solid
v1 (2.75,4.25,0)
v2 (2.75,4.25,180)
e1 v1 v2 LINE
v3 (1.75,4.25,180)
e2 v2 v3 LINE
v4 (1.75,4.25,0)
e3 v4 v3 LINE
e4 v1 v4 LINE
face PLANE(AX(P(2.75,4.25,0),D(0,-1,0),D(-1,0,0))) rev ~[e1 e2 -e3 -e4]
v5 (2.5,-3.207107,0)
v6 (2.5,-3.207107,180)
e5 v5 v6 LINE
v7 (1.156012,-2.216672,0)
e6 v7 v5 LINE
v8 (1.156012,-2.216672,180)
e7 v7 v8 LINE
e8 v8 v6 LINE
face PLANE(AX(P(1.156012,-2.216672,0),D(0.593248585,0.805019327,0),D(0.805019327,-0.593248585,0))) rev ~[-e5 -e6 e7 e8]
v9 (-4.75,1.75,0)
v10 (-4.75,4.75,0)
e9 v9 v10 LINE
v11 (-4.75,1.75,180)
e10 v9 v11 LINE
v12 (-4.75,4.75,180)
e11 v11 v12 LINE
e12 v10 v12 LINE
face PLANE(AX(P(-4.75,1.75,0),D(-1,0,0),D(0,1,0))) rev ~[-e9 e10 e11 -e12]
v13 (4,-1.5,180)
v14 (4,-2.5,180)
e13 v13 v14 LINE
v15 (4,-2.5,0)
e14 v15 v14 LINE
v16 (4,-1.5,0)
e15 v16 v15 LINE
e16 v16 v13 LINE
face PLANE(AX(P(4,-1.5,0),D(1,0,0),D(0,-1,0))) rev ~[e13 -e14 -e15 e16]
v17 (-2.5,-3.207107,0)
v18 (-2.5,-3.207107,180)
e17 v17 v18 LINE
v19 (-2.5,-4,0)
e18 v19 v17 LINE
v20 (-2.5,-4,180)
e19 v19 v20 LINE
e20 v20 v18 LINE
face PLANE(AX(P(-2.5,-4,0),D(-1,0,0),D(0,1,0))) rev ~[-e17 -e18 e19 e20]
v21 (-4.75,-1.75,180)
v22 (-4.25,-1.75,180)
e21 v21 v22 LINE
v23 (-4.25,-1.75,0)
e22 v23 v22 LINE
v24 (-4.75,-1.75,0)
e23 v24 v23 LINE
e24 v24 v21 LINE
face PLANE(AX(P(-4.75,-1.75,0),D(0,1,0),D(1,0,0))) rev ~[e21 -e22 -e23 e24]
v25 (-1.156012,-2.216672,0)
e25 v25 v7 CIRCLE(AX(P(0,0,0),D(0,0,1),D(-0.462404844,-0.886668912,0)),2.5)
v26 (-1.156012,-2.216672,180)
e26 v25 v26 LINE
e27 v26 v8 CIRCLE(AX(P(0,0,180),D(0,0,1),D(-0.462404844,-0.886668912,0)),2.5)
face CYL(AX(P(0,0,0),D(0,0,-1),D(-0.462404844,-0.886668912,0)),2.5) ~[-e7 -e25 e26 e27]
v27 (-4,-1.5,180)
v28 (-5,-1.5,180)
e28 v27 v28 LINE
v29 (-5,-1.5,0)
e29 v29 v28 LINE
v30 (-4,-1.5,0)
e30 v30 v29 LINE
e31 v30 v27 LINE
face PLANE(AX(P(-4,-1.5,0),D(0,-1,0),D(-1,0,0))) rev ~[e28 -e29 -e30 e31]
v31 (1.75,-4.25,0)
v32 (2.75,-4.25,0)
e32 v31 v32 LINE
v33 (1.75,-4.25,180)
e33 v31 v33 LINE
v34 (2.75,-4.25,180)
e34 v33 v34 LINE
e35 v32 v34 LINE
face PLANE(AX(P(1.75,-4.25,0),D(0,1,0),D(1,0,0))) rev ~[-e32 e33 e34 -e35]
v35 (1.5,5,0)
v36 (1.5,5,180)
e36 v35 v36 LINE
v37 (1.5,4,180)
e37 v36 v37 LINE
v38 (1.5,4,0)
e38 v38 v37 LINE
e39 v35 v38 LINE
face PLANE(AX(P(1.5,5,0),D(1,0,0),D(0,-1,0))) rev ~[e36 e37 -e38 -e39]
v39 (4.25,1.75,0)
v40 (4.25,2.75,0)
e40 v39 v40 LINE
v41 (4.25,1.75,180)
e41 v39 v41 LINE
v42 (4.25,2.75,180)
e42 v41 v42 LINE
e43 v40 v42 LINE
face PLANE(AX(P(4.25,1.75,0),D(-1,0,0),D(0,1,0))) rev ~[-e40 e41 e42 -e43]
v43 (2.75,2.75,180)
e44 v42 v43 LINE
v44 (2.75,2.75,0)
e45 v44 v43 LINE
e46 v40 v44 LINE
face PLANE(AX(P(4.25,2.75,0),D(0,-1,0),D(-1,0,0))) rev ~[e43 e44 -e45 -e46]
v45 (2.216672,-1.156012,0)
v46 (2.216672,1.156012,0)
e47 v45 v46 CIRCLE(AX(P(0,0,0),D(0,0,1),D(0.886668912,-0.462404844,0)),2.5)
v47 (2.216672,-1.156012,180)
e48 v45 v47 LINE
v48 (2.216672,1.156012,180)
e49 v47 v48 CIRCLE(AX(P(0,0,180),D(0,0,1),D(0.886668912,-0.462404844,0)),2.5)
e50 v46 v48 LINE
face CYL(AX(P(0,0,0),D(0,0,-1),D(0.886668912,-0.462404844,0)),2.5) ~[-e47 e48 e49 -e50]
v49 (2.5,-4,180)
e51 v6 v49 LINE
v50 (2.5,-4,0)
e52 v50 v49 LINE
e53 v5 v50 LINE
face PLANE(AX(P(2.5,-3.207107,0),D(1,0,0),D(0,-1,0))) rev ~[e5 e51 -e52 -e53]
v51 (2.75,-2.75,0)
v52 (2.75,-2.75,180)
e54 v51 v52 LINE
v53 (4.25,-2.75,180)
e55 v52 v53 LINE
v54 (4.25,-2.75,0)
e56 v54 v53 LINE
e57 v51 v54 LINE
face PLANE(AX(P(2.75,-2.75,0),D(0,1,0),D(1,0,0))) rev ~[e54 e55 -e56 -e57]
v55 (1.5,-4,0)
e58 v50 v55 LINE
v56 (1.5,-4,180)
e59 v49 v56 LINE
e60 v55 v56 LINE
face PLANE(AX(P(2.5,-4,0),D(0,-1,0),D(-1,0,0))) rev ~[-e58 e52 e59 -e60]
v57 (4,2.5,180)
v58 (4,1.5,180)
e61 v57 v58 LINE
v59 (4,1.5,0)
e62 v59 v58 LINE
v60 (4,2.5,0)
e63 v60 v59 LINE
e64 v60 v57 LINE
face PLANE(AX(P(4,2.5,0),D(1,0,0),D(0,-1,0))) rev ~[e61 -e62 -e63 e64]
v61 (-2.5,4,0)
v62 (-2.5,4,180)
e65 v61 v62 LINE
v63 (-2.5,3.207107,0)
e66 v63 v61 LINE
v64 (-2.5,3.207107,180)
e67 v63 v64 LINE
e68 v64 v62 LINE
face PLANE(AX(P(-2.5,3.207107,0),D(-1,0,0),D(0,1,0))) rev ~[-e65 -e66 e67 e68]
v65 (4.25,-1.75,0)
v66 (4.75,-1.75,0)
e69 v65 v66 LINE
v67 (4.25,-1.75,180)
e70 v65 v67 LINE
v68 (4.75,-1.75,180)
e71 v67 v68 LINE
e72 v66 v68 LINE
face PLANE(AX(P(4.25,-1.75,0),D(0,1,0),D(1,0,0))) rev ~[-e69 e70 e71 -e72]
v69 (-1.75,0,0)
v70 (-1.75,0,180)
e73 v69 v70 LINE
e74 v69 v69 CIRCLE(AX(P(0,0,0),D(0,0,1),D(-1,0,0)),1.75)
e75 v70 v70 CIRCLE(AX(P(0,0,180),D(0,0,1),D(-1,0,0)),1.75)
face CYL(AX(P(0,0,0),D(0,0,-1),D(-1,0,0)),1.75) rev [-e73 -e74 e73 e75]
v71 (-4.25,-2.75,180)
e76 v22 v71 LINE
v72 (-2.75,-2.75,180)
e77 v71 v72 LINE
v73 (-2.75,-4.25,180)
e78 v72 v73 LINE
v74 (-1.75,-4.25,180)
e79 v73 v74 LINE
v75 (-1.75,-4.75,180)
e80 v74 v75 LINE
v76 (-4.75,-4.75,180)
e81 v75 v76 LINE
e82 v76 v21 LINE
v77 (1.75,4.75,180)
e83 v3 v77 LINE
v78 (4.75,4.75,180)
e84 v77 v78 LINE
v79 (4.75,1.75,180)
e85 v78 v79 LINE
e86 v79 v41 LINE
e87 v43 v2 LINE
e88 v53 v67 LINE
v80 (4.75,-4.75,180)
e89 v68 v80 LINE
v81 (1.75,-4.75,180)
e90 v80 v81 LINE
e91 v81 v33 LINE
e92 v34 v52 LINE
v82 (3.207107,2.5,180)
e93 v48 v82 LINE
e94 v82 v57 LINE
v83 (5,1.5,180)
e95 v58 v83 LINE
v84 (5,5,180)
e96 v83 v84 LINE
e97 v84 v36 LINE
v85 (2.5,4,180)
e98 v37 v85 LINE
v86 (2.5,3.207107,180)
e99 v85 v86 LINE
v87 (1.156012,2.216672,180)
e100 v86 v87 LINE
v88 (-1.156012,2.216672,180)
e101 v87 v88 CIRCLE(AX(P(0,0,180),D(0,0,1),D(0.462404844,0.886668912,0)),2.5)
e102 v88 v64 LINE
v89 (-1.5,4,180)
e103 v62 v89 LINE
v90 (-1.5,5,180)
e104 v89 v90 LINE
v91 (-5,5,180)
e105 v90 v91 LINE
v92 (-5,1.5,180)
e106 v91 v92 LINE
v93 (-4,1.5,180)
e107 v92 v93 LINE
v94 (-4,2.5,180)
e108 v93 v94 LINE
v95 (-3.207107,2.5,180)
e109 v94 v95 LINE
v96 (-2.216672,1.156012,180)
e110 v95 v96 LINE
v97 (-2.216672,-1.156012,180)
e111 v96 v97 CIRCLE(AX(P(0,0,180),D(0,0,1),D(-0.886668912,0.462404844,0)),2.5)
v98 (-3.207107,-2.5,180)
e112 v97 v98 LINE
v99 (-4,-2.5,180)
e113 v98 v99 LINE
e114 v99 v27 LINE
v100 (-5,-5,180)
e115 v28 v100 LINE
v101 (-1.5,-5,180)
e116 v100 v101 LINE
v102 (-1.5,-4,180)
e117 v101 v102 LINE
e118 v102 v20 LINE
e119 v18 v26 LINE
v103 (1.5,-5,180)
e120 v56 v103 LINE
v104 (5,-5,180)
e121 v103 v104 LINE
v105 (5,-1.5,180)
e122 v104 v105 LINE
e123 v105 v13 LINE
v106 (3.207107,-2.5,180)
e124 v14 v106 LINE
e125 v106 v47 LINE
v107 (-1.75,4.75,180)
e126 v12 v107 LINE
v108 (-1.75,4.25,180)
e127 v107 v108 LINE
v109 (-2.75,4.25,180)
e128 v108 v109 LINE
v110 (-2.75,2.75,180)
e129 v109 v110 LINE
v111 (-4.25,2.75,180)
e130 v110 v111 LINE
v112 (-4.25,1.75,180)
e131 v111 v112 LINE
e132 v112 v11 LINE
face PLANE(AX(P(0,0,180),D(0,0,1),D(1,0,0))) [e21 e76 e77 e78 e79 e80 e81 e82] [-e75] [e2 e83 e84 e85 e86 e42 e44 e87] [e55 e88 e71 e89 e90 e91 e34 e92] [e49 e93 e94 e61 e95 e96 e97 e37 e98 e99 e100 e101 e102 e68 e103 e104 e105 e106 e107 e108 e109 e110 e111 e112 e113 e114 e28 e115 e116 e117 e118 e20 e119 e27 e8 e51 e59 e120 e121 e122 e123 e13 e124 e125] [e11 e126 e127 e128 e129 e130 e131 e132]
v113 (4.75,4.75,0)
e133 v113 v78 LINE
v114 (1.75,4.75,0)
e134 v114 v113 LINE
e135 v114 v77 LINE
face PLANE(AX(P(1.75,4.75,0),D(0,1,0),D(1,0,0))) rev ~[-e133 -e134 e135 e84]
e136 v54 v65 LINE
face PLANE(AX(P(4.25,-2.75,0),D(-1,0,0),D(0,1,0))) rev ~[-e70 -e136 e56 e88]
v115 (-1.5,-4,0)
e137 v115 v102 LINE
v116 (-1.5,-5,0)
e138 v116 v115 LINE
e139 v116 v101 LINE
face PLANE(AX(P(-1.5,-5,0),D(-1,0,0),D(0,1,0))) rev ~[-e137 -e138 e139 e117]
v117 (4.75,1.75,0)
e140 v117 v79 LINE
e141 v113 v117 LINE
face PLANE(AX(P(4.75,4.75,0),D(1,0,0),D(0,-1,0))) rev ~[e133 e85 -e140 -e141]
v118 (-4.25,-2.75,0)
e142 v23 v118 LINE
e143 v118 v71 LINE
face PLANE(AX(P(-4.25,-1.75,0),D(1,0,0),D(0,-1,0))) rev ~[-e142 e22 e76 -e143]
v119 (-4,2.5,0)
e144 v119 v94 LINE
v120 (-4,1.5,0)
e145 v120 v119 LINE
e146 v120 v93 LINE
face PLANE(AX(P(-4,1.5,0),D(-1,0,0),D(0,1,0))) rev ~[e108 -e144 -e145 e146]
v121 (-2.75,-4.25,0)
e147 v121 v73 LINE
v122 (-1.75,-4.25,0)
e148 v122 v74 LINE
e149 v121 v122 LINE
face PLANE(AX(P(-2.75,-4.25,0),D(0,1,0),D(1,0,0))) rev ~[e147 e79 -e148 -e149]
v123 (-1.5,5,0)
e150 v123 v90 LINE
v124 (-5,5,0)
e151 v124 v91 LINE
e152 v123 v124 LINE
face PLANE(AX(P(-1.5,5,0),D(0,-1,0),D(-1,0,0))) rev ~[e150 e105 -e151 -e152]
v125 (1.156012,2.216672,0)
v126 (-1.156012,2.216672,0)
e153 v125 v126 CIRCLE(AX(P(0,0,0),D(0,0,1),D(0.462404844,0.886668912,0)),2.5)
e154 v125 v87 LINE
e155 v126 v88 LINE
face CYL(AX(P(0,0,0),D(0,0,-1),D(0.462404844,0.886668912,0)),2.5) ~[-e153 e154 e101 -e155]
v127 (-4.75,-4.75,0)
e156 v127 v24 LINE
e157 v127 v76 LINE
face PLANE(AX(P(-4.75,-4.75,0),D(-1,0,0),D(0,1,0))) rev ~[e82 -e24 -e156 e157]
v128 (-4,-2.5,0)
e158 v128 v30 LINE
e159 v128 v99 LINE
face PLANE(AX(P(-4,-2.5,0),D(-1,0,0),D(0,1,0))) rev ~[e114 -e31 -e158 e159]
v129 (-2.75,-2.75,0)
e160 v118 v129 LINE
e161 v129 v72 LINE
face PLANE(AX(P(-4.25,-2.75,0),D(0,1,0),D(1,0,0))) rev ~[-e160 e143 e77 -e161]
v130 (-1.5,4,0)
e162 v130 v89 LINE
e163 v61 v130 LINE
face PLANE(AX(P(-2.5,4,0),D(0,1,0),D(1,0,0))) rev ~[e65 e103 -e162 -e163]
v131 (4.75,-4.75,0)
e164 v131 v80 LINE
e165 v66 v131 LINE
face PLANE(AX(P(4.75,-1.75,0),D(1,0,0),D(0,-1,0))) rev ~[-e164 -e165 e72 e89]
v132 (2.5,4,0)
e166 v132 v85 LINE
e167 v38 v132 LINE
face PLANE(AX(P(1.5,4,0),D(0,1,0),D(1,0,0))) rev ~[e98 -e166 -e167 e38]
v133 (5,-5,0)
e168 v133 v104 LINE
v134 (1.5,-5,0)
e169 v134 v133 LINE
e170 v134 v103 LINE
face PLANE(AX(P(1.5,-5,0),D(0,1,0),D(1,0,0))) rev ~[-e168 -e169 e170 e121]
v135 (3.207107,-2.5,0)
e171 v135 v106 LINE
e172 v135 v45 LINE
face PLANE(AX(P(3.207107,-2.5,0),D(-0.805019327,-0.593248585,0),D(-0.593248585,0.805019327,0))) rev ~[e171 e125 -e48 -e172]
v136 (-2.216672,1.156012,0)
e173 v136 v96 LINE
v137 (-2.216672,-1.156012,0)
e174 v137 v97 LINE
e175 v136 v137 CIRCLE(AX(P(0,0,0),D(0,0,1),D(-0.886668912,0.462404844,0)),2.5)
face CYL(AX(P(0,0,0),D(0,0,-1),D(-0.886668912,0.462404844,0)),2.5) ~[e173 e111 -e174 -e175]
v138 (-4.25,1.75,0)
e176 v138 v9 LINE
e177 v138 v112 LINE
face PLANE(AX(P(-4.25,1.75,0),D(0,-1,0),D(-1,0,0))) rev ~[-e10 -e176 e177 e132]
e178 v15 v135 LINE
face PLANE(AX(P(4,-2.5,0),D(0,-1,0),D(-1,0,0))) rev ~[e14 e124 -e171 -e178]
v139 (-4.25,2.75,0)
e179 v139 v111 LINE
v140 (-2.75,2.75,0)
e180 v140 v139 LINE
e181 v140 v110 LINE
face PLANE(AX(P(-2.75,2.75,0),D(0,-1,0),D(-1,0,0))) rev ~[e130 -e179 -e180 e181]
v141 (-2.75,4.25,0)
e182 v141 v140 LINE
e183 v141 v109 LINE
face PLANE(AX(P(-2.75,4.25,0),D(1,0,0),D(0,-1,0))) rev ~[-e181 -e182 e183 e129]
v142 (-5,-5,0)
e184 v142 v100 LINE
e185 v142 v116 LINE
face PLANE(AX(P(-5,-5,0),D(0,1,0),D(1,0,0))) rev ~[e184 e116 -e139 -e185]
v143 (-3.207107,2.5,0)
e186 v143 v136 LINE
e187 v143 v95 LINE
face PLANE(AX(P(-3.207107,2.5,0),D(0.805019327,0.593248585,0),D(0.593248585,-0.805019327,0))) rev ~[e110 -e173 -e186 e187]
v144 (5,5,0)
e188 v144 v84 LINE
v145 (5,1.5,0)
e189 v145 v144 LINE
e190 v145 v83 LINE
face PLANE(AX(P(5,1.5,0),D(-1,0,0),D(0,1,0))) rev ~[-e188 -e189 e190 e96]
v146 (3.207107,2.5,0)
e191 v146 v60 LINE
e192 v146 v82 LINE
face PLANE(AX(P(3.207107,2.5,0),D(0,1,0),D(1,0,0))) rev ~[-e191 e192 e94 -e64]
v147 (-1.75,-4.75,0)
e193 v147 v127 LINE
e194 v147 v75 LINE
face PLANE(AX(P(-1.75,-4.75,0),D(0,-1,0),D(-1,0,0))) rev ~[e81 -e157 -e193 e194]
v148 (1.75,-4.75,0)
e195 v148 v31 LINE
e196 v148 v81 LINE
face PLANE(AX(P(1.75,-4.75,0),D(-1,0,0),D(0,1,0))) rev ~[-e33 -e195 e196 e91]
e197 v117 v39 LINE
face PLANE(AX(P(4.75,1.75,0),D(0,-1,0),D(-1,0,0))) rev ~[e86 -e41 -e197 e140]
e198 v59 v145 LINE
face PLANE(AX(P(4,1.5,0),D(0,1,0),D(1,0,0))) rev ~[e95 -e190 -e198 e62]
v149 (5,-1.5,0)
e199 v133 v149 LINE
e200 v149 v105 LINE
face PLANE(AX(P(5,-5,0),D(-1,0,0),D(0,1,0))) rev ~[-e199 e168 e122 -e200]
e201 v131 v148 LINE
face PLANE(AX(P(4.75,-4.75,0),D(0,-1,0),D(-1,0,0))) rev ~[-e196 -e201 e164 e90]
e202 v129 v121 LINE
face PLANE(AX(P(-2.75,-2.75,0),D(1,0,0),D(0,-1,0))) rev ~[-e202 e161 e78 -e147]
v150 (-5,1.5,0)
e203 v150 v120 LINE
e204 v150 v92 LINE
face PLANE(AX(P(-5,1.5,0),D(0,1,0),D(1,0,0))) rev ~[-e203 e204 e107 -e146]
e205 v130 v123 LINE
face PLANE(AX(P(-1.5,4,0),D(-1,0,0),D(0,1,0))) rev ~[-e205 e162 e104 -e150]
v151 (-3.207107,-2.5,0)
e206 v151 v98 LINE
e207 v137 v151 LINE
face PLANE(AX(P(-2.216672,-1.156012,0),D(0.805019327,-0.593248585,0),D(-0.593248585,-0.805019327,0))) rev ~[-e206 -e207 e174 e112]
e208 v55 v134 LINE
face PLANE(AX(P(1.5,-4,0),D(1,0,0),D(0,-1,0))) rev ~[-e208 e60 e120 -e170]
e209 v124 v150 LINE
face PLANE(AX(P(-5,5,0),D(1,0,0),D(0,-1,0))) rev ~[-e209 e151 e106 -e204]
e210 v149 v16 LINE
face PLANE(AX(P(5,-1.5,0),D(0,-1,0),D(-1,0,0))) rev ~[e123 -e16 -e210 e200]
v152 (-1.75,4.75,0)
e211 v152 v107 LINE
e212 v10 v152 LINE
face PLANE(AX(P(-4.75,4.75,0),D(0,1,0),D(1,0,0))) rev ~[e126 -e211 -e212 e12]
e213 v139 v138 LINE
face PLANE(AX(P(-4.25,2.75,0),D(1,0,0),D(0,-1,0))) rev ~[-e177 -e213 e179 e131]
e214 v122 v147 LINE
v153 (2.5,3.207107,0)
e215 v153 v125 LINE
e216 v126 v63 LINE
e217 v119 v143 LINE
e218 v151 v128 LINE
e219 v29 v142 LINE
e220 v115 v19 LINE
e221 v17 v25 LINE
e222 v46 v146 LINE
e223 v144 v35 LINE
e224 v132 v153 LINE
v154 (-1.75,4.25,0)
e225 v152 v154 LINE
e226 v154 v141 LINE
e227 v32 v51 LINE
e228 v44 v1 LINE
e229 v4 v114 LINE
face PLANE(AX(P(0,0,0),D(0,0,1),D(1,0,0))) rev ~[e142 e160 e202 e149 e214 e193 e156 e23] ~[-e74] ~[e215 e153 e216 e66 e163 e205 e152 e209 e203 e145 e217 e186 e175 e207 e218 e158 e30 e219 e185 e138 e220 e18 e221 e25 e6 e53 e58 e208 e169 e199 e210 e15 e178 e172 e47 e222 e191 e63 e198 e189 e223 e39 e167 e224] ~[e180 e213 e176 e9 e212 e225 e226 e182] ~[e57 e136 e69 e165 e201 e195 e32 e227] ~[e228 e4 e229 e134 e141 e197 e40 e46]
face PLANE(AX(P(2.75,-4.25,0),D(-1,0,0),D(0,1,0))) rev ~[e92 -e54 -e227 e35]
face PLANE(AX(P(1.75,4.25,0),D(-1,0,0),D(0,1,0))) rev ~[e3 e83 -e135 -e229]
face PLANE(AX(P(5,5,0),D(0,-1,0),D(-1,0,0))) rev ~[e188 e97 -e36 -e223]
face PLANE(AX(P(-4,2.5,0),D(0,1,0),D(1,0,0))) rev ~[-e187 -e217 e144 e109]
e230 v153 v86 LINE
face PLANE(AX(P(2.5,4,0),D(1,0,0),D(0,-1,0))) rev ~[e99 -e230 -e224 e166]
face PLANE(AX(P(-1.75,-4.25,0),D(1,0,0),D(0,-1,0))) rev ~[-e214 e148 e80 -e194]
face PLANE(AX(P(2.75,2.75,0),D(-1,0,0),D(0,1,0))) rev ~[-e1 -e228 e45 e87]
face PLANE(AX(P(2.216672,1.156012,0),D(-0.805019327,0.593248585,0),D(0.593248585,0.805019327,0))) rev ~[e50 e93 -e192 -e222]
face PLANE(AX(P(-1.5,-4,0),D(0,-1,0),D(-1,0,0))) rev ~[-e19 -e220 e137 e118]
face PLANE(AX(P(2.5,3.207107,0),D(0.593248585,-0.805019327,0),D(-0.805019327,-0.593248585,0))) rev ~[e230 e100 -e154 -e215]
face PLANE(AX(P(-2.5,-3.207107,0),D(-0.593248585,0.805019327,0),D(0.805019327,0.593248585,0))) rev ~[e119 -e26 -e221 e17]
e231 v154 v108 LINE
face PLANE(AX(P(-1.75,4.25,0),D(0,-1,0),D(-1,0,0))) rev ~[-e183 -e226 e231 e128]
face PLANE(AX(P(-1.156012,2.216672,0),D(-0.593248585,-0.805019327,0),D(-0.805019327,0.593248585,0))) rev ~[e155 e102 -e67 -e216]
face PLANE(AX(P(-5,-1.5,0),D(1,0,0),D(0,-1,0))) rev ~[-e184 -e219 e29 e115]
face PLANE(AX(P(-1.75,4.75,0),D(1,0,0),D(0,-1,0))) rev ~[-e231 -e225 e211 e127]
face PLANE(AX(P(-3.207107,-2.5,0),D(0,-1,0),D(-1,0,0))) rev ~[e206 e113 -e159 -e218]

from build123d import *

# Parameters (mm, degrees)
ESQUISSE1_R        = 1.75
BOSS_EXTRU_1_DEPTH = 180


with BuildPart() as part:
    # Esquisse1 → Boss.-Extru.1 (new body)
    with BuildSketch(Plane.XY):
        with BuildLine():
            Line((-1.5, 5), (-5, 5))
            Line((-5, 5), (-5, 1.5))
            Line((-5, 1.5), (-4, 1.5))
            Line((-4, 1.5), (-4, 2.5))
            Line((-4, 2.5), (-3.207106781, 2.5))
            Line((-3.207106781, 2.5), (-2.216672281, 1.15601211))
            ThreePointArc((-2.216672281, 1.15601211), (-2.5, 0), (-2.216672281, -1.15601211))
            Line((-2.216672281, -1.15601211), (-3.207106781, -2.5))
            Line((-3.207106781, -2.5), (-4, -2.5))
            Line((-4, -2.5), (-4, -1.5))
            Line((-4, -1.5), (-5, -1.5))
            Line((-5, -1.5), (-5, -5))
            Line((-5, -5), (-1.5, -5))
            Line((-1.5, -5), (-1.5, -4))
            Line((-1.5, -4), (-2.5, -4))
            Line((-2.5, -4), (-2.5, -3.207106781))
            Line((-2.5, -3.207106781), (-1.15601211, -2.216672281))
            ThreePointArc((-1.15601211, -2.216672281), (0, -2.5), (1.15601211, -2.216672281))
            Line((1.15601211, -2.216672281), (2.5, -3.207106781))
            Line((2.5, -3.207106781), (2.5, -4))
            Line((2.5, -4), (1.5, -4))
            Line((1.5, -4), (1.5, -5))
            Line((1.5, -5), (5, -5))
            Line((5, -5), (5, -1.5))
            Line((5, -1.5), (4, -1.5))
            Line((4, -1.5), (4, -2.5))
            Line((4, -2.5), (3.207106781, -2.5))
            Line((3.207106781, -2.5), (2.216672281, -1.15601211))
            ThreePointArc((2.216672281, -1.15601211), (2.5, 0), (2.216672281, 1.15601211))
            Line((2.216672281, 1.15601211), (3.207106781, 2.5))
            Line((3.207106781, 2.5), (4, 2.5))
            Line((4, 2.5), (4, 1.5))
            Line((4, 1.5), (5, 1.5))
            Line((5, 1.5), (5, 5))
            Line((5, 5), (1.5, 5))
            Line((1.5, 5), (1.5, 4))
            Line((1.5, 4), (2.5, 4))
            Line((2.5, 4), (2.5, 3.207106781))
            Line((2.5, 3.207106781), (1.15601211, 2.216672281))
            ThreePointArc((1.15601211, 2.216672281), (0, 2.5), (-1.15601211, 2.216672281))
            Line((-1.15601211, 2.216672281), (-2.5, 3.207106781))
            Line((-2.5, 3.207106781), (-2.5, 4))
            Line((-2.5, 4), (-1.5, 4))
            Line((-1.5, 4), (-1.5, 5))
        make_face()
        Polygon((-4.75, 1.75), (-4.75, 4.75), (-1.75, 4.75), (-1.75, 4.25), (-2.75, 4.25), (-2.75, 2.75), (-4.25, 2.75), (-4.25, 1.75), align=None, mode=Mode.SUBTRACT)
        with Locations(Location((0, 0, 0), (0, 0, 180))):
            Circle(ESQUISSE1_R, mode=Mode.SUBTRACT)
        Polygon((-4.75, -4.75), (-4.75, -1.75), (-4.25, -1.75), (-4.25, -2.75), (-2.75, -2.75), (-2.75, -4.25), (-1.75, -4.25), (-1.75, -4.75), align=None, mode=Mode.SUBTRACT)
        Polygon((4.75, 4.75), (4.75, 1.75), (4.25, 1.75), (4.25, 2.75), (2.75, 2.75), (2.75, 4.25), (1.75, 4.25), (1.75, 4.75), align=None, mode=Mode.SUBTRACT)
        Polygon((4.75, -4.75), (1.75, -4.75), (1.75, -4.25), (2.75, -4.25), (2.75, -2.75), (4.25, -2.75), (4.25, -1.75), (4.75, -1.75), align=None, mode=Mode.SUBTRACT)
    extrude(amount=BOSS_EXTRU_1_DEPTH)


solid = part.part
